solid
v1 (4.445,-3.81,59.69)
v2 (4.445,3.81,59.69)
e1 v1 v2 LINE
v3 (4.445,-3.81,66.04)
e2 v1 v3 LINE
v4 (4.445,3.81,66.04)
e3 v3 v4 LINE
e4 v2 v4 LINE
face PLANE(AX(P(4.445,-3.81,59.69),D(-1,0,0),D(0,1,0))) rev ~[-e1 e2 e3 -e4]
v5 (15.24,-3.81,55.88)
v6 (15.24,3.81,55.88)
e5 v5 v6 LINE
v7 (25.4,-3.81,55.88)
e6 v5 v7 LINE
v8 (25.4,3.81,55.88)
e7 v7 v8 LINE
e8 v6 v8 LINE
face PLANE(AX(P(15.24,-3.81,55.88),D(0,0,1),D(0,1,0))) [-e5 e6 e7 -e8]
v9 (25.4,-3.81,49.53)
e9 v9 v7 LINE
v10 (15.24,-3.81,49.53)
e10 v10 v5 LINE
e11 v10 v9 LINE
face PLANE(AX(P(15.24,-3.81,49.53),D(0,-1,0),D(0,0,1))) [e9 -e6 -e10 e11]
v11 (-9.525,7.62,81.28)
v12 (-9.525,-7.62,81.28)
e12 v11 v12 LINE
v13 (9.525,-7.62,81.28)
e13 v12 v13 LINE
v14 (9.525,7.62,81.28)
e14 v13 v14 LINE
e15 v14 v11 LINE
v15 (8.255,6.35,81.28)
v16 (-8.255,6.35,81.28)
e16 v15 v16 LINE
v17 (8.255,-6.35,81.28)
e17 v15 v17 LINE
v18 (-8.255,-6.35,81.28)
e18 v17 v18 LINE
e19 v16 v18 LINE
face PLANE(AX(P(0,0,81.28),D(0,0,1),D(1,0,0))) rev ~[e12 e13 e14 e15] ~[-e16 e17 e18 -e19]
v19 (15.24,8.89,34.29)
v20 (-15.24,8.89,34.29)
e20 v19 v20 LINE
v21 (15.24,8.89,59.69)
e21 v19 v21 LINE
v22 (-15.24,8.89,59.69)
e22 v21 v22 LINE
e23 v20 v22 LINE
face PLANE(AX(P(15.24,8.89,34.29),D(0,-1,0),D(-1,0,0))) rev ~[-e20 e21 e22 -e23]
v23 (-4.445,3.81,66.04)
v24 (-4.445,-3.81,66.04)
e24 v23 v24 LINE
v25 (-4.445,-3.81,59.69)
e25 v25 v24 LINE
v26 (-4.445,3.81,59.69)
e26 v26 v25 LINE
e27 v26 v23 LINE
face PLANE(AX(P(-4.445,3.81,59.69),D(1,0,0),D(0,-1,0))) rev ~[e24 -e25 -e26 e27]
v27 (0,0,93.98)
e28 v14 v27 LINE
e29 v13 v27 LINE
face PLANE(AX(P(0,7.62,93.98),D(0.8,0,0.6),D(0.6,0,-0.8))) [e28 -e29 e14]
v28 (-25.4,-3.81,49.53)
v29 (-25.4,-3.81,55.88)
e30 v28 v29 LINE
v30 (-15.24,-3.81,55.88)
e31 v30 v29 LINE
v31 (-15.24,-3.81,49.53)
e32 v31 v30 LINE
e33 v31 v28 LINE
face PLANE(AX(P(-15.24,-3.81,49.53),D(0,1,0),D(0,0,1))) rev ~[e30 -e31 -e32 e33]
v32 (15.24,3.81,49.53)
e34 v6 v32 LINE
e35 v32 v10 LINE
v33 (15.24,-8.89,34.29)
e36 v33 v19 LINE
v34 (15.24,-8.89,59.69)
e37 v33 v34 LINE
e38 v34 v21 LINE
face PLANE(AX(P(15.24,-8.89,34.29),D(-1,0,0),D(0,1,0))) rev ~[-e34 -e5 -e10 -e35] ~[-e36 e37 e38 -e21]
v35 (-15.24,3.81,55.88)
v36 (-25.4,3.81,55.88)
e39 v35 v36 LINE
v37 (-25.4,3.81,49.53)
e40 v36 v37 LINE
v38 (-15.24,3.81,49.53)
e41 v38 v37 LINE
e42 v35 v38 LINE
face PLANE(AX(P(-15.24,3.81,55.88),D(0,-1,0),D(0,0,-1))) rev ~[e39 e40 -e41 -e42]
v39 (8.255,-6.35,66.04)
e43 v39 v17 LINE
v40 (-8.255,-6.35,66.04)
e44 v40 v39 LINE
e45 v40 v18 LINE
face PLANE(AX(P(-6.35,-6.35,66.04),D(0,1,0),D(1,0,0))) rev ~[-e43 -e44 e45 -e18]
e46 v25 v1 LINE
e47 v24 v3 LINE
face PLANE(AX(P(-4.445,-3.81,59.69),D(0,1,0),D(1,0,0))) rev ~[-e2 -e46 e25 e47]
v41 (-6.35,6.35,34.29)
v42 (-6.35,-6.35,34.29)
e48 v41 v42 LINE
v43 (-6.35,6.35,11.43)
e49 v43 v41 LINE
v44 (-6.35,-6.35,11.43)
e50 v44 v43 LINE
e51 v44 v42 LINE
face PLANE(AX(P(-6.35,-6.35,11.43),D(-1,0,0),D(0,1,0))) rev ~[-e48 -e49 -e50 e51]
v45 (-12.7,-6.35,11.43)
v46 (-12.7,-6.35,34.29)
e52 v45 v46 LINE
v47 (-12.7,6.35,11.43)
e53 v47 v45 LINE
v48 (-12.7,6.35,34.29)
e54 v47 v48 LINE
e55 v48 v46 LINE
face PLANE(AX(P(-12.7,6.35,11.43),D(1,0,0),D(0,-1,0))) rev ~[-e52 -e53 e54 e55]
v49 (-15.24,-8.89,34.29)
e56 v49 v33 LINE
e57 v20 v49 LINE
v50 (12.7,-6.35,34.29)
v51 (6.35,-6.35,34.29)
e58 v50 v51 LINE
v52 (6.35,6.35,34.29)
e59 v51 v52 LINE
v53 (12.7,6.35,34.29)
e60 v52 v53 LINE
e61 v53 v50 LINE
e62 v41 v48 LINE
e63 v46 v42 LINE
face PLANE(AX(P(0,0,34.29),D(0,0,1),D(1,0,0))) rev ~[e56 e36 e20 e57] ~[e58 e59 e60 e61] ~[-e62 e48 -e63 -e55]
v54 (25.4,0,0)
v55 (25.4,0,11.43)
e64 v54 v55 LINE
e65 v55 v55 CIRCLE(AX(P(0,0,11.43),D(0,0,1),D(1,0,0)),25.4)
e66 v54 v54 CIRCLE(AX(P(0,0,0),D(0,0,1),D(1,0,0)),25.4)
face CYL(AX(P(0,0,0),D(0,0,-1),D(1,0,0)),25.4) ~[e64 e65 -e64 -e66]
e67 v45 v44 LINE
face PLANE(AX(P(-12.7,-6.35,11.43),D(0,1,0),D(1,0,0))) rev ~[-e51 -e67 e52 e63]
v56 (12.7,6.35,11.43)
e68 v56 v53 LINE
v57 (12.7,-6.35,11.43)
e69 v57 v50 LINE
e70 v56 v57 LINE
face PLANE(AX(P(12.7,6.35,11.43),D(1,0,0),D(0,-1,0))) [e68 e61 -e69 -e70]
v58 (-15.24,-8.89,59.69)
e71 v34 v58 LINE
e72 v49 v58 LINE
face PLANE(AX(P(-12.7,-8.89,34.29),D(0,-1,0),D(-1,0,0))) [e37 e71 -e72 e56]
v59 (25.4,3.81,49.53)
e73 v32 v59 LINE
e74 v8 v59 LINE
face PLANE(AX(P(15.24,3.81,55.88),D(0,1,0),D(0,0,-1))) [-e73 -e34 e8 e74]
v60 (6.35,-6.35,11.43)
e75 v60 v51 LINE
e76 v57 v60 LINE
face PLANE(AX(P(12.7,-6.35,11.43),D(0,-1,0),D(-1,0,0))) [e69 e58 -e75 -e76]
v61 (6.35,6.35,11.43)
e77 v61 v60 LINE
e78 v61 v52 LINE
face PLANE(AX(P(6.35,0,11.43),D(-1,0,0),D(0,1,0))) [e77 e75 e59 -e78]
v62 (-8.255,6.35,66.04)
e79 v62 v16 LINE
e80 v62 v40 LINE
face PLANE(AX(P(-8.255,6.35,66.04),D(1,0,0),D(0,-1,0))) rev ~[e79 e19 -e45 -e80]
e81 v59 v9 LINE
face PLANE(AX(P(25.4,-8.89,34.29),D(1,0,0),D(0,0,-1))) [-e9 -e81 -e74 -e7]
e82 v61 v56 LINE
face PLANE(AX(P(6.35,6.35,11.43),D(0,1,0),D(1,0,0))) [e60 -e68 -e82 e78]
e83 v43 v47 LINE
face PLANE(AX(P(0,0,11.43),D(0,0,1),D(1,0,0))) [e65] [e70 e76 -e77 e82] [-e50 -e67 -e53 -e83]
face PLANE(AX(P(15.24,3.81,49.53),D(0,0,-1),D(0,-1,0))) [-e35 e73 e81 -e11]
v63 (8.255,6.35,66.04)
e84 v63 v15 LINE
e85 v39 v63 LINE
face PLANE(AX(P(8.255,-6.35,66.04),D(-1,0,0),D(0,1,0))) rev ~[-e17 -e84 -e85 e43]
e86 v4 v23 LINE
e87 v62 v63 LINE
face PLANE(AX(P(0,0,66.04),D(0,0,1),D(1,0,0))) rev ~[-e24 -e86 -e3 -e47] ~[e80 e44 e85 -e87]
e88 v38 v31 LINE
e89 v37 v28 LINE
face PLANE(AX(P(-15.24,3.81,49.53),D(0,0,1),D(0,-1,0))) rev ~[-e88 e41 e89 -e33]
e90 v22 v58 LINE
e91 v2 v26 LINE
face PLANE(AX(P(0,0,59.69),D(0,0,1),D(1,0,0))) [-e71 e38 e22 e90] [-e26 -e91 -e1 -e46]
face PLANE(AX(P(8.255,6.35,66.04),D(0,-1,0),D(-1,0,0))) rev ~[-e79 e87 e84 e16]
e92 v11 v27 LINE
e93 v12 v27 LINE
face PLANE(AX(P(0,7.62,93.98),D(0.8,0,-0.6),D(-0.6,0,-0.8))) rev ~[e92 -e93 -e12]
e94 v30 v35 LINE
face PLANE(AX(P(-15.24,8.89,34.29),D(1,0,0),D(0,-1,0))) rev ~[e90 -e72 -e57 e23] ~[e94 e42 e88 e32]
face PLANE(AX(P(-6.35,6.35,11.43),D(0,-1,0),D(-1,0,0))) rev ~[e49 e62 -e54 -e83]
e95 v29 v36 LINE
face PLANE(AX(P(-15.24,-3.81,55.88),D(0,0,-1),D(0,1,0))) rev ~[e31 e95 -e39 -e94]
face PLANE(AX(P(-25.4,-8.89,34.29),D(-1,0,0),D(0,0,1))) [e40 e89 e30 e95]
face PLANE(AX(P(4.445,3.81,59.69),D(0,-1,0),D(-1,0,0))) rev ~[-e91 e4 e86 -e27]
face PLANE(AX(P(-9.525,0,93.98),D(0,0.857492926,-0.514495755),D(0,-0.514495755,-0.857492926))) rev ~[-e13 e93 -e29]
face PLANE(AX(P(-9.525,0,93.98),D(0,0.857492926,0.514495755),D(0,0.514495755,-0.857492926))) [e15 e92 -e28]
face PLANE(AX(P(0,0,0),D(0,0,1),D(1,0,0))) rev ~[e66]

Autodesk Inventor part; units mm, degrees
ref_plane "YZ Plane" through (0, 0, 0) normal (1, 0, 0) x (0, 1, 0)
ref_plane "XZ Plane" through (0, 0, 0) normal (0, 1, 0) x (-1, 0, 0)
ref_plane "XY Plane" through (0, 0, 0) normal (0, 0, 1) x (1, 0, 0)
sketch "Sketch1" plane through (0, 0, 0) normal (0, 0, 1) x (1, 0, 0)
  circle A0 centre (0, 0) radius 25.4
  dimension "d0" = 50.8
extrude "Extrusion1" add sketch "Sketch1" along normal blind 11.43
sketch "Sketch2" plane through (0, 0, 11.43) normal (0, 0, 1) x (1, 0, 0)
  line L0 (0, 0) -> (-6.35, 0)
  line L1 (0, 0) -> (6.35, 0)
  line L2 (-6.35, 0) -> (-6.35, 6.35)
  line L3 (-6.35, 6.35) -> (-12.7, 6.35)
  line L4 (-12.7, 6.35) -> (-12.7, -6.35)
  line L5 (-12.7, -6.35) -> (-6.35, -6.35)
  line L6 (-6.35, -6.35) -> (-6.35, 0)
  line L7 (6.35, 0) -> (6.35, 6.35)
  line L8 (6.35, 6.35) -> (12.7, 6.35)
  line L9 (12.7, 6.35) -> (12.7, -6.35)
  line L10 (12.7, -6.35) -> (6.35, -6.35)
  line L11 (6.35, -6.35) -> (6.35, 0)
  dimension "d3" = 6.35
  dimension "d4" = 6.35
  dimension "d5" = 6.35
  dimension "d6" = 6.35
  dimension "d7" = 12.7
  dimension "d8" = 6.35
  dimension "d9" = 6.35
  dimension "d10" = 12.7
extrude "Extrusion2" add sketch "Sketch2" along normal blind 22.86
sketch "Sketch3" plane through (0, 0, 34.29) normal (0, 0, 1) x (1, 0, 0)
  line L0 (-12.7, 6.35) -> (-12.7, -6.35) projected
  line L1 (-12.7, -6.35) -> (-12.7, -8.89)
  line L2 (-12.7, -8.89) -> (-15.24, -8.89)
  line L3 (-15.24, -8.89) -> (15.24, -8.89)
  line L4 (15.24, -8.89) -> (15.24, 8.89)
  line L5 (15.24, 8.89) -> (-15.24, 8.89)
  line L6 (-15.24, 8.89) -> (-15.24, -8.89)
  point P0 (0, 0)
  dimension "d13" = 2.54
  dimension "d14" = 2.54
  dimension "d15" = 30.48
  dimension "d16" = 17.78
extrude "Extrusion3" add sketch "Sketch3" along normal blind 25.4
sketch "Sketch4" plane through (-15.24, -8.89, 34.29) normal (-1, 0, 0) x (0, 0, 1)
  line L0 (0, 17.78) -> (25.4, 17.78) projected
  line L1 (0, 17.78) -> (0, 12.7)
  line L2 (0, 0) -> (0, 17.78) projected
  line L3 (0, 12.7) -> (15.24, 12.7)
  line L4 (15.24, 12.7) -> (15.24, 5.08)
  line L5 (15.24, 5.08) -> (21.59, 5.08)
  line L6 (21.59, 5.08) -> (21.59, 12.7)
  line L7 (21.59, 12.7) -> (15.24, 12.7)
  point P0 (-34.29, 8.89)
  dimension "d19" = 5.08
  dimension "d20" = 15.24
  dimension "d21" = 7.62
  dimension "d22" = 6.35
  dimension "d23" = 7.62
extrude "Extrusion4" add sketch "Sketch4" along normal blind 10.16
sketch "Sketch5" plane through (15.24, -8.89, 34.29) normal (1, 0, 0) x (0, 0, -1)
  line L0 (0, 0) -> (0, 5.08)
  line L1 (0, 17.78) -> (0, 0) projected
  line L2 (0, 5.08) -> (-15.24, 5.08)
  line L3 (-15.24, 5.08) -> (-21.59, 5.08)
  line L4 (-21.59, 5.08) -> (-21.59, 12.7)
  line L5 (-21.59, 12.7) -> (-15.24, 12.7)
  line L6 (-15.24, 12.7) -> (-15.24, 5.08)
  point P0 (34.29, 8.89)
  dimension "d26" = 5.08
  dimension "d27" = 15.24
  dimension "d28" = 6.35
  dimension "d29" = 7.62
extrude "Extrusion5" add sketch "Sketch5" along normal blind 10.16
sketch "Sketch6" plane through (0, 0, 59.69) normal (0, 0, 1) x (1, 0, 0)
  line L0 (-15.24, -8.89) -> (15.24, -8.89) projected
  line L1 (15.24, -8.89) -> (4.445, -8.89)
  line L2 (-15.24, 8.89) -> (-15.24, -8.89) projected
  line L3 (-15.24, -8.89) -> (-4.445, -8.89)
  line L4 (-4.445, -8.89) -> (-4.445, -3.81)
  line L5 (15.24, 8.89) -> (-15.24, 8.89) projected
  line L6 (-4.445, -3.81) -> (4.445, -3.81)
  line L7 (4.445, -3.81) -> (4.445, 3.81)
  line L8 (4.445, 3.81) -> (-4.445, 3.81)
  line L9 (-4.445, 3.81) -> (-4.445, -3.81)
  point P0 (0, 0)
  dimension "d32" = 10.795
  dimension "d33" = 10.795
  dimension "d34" = 5.08
  dimension "d35" = 7.62
extrude "Extrusion6" add sketch "Sketch6" along normal blind 6.35
sketch "Sketch7" plane through (0, 0, 66.04) normal (0, 0, 1) x (1, 0, 0)
  line L0 (4.445, 3.81) -> (4.445, -3.81) projected
  line L1 (4.445, 3.81) -> (8.255, 3.81)
  line L2 (8.255, 3.81) -> (8.255, 6.35)
  line L3 (12.7, 6.35) -> (6.35, 6.35) projected
  line L4 (-12.7, -6.35) -> (-6.35, -6.35) projected
  line L5 (8.255, 6.35) -> (-8.255, 6.35)
  line L6 (-8.255, 6.35) -> (-8.255, -6.35)
  line L7 (-8.255, -6.35) -> (8.255, -6.35)
  line L8 (8.255, -6.35) -> (8.255, 6.35)
  point P0 (0, 0)
  dimension "d38" = 3.81
  dimension "d39" = 16.51
extrude "Extrusion7" add sketch "Sketch7" along normal blind 15.24
sketch "Sketch8" plane through (0, 0, 81.28) normal (0, 0, 1) x (1, 0, 0)
  line L0 (-8.255, 6.35) -> (-8.255, -6.35) projected
  line L1 (-8.255, -6.35) -> (-8.255, -7.62)
  line L2 (-8.255, -7.62) -> (-9.525, -7.62)
  line L3 (-9.525, -7.62) -> (9.525, -7.62)
  line L4 (9.525, -7.62) -> (9.525, 7.62)
  line L5 (9.525, 7.62) -> (-9.525, 7.62)
  line L6 (-9.525, 7.62) -> (-9.525, -7.62)
  point P0 (0, 0)
  dimension "d42" = 1.27
  dimension "d43" = 1.27
  dimension "d44" = 15.24
extrude "Extrusion8" add sketch "Sketch8" along normal blind 12.7
sketch "Sketch9" plane through (-9.525, 7.62, 81.28) normal (0, 1, 0) x (1, 0, 0)
  line L0 (19.05, 0) -> (0, 0) projected
  line L1 (19.05, 0) -> (19.05, -12.7)
  line L2 (19.05, -12.7) -> (9.525, -12.7)
  line L3 (19.05, -12.7) -> (0, -12.7) projected
  line L4 (9.525, -12.7) -> (19.05, 0)
  line L5 (9.525, -12.7) -> (0, -12.7)
  line L6 (0, 0) -> (0, -12.7) projected
  line L7 (0, 0) -> (0, -12.7)
  line L8 (9.525, -12.7) -> (0, 0)
  point P0 (9.525, 81.28)
sketch "Sketch10" plane through (-9.525, -7.62, 81.28) normal (-1, 0, 0) x (0, 0, 1)
  line L0 (12.7, 0) -> (12.7, 15.24) projected
  line L1 (12.7, 15.24) -> (12.7, 7.62)
  line L2 (0, 0) -> (0, 15.24) projected
  line L3 (12.7, 7.62) -> (0, 15.24)
  line L4 (0, 15.24) -> (12.7, 15.24)
  line L5 (0, 0) -> (12.7, 0) projected
  line L6 (12.7, 0) -> (12.7, 7.62)
  line L7 (12.7, 7.62) -> (0, 0)
  line L8 (12.7, 0) -> (0, 0)
  point P0 (-81.28, 7.62)
  dimension "d47" = 7.62
extrude "Extrusion9" cut sketch "Sketch9" against normal blind 15.24 contours L1 L2 L4 | L8 L3 L6
extrude "Extrusion10" cut sketch "Sketch10" against normal blind 20.32 contours L5 L7 L0 | L3 L4 L0
properties part number "Vasile5-6Bridge.stl"
